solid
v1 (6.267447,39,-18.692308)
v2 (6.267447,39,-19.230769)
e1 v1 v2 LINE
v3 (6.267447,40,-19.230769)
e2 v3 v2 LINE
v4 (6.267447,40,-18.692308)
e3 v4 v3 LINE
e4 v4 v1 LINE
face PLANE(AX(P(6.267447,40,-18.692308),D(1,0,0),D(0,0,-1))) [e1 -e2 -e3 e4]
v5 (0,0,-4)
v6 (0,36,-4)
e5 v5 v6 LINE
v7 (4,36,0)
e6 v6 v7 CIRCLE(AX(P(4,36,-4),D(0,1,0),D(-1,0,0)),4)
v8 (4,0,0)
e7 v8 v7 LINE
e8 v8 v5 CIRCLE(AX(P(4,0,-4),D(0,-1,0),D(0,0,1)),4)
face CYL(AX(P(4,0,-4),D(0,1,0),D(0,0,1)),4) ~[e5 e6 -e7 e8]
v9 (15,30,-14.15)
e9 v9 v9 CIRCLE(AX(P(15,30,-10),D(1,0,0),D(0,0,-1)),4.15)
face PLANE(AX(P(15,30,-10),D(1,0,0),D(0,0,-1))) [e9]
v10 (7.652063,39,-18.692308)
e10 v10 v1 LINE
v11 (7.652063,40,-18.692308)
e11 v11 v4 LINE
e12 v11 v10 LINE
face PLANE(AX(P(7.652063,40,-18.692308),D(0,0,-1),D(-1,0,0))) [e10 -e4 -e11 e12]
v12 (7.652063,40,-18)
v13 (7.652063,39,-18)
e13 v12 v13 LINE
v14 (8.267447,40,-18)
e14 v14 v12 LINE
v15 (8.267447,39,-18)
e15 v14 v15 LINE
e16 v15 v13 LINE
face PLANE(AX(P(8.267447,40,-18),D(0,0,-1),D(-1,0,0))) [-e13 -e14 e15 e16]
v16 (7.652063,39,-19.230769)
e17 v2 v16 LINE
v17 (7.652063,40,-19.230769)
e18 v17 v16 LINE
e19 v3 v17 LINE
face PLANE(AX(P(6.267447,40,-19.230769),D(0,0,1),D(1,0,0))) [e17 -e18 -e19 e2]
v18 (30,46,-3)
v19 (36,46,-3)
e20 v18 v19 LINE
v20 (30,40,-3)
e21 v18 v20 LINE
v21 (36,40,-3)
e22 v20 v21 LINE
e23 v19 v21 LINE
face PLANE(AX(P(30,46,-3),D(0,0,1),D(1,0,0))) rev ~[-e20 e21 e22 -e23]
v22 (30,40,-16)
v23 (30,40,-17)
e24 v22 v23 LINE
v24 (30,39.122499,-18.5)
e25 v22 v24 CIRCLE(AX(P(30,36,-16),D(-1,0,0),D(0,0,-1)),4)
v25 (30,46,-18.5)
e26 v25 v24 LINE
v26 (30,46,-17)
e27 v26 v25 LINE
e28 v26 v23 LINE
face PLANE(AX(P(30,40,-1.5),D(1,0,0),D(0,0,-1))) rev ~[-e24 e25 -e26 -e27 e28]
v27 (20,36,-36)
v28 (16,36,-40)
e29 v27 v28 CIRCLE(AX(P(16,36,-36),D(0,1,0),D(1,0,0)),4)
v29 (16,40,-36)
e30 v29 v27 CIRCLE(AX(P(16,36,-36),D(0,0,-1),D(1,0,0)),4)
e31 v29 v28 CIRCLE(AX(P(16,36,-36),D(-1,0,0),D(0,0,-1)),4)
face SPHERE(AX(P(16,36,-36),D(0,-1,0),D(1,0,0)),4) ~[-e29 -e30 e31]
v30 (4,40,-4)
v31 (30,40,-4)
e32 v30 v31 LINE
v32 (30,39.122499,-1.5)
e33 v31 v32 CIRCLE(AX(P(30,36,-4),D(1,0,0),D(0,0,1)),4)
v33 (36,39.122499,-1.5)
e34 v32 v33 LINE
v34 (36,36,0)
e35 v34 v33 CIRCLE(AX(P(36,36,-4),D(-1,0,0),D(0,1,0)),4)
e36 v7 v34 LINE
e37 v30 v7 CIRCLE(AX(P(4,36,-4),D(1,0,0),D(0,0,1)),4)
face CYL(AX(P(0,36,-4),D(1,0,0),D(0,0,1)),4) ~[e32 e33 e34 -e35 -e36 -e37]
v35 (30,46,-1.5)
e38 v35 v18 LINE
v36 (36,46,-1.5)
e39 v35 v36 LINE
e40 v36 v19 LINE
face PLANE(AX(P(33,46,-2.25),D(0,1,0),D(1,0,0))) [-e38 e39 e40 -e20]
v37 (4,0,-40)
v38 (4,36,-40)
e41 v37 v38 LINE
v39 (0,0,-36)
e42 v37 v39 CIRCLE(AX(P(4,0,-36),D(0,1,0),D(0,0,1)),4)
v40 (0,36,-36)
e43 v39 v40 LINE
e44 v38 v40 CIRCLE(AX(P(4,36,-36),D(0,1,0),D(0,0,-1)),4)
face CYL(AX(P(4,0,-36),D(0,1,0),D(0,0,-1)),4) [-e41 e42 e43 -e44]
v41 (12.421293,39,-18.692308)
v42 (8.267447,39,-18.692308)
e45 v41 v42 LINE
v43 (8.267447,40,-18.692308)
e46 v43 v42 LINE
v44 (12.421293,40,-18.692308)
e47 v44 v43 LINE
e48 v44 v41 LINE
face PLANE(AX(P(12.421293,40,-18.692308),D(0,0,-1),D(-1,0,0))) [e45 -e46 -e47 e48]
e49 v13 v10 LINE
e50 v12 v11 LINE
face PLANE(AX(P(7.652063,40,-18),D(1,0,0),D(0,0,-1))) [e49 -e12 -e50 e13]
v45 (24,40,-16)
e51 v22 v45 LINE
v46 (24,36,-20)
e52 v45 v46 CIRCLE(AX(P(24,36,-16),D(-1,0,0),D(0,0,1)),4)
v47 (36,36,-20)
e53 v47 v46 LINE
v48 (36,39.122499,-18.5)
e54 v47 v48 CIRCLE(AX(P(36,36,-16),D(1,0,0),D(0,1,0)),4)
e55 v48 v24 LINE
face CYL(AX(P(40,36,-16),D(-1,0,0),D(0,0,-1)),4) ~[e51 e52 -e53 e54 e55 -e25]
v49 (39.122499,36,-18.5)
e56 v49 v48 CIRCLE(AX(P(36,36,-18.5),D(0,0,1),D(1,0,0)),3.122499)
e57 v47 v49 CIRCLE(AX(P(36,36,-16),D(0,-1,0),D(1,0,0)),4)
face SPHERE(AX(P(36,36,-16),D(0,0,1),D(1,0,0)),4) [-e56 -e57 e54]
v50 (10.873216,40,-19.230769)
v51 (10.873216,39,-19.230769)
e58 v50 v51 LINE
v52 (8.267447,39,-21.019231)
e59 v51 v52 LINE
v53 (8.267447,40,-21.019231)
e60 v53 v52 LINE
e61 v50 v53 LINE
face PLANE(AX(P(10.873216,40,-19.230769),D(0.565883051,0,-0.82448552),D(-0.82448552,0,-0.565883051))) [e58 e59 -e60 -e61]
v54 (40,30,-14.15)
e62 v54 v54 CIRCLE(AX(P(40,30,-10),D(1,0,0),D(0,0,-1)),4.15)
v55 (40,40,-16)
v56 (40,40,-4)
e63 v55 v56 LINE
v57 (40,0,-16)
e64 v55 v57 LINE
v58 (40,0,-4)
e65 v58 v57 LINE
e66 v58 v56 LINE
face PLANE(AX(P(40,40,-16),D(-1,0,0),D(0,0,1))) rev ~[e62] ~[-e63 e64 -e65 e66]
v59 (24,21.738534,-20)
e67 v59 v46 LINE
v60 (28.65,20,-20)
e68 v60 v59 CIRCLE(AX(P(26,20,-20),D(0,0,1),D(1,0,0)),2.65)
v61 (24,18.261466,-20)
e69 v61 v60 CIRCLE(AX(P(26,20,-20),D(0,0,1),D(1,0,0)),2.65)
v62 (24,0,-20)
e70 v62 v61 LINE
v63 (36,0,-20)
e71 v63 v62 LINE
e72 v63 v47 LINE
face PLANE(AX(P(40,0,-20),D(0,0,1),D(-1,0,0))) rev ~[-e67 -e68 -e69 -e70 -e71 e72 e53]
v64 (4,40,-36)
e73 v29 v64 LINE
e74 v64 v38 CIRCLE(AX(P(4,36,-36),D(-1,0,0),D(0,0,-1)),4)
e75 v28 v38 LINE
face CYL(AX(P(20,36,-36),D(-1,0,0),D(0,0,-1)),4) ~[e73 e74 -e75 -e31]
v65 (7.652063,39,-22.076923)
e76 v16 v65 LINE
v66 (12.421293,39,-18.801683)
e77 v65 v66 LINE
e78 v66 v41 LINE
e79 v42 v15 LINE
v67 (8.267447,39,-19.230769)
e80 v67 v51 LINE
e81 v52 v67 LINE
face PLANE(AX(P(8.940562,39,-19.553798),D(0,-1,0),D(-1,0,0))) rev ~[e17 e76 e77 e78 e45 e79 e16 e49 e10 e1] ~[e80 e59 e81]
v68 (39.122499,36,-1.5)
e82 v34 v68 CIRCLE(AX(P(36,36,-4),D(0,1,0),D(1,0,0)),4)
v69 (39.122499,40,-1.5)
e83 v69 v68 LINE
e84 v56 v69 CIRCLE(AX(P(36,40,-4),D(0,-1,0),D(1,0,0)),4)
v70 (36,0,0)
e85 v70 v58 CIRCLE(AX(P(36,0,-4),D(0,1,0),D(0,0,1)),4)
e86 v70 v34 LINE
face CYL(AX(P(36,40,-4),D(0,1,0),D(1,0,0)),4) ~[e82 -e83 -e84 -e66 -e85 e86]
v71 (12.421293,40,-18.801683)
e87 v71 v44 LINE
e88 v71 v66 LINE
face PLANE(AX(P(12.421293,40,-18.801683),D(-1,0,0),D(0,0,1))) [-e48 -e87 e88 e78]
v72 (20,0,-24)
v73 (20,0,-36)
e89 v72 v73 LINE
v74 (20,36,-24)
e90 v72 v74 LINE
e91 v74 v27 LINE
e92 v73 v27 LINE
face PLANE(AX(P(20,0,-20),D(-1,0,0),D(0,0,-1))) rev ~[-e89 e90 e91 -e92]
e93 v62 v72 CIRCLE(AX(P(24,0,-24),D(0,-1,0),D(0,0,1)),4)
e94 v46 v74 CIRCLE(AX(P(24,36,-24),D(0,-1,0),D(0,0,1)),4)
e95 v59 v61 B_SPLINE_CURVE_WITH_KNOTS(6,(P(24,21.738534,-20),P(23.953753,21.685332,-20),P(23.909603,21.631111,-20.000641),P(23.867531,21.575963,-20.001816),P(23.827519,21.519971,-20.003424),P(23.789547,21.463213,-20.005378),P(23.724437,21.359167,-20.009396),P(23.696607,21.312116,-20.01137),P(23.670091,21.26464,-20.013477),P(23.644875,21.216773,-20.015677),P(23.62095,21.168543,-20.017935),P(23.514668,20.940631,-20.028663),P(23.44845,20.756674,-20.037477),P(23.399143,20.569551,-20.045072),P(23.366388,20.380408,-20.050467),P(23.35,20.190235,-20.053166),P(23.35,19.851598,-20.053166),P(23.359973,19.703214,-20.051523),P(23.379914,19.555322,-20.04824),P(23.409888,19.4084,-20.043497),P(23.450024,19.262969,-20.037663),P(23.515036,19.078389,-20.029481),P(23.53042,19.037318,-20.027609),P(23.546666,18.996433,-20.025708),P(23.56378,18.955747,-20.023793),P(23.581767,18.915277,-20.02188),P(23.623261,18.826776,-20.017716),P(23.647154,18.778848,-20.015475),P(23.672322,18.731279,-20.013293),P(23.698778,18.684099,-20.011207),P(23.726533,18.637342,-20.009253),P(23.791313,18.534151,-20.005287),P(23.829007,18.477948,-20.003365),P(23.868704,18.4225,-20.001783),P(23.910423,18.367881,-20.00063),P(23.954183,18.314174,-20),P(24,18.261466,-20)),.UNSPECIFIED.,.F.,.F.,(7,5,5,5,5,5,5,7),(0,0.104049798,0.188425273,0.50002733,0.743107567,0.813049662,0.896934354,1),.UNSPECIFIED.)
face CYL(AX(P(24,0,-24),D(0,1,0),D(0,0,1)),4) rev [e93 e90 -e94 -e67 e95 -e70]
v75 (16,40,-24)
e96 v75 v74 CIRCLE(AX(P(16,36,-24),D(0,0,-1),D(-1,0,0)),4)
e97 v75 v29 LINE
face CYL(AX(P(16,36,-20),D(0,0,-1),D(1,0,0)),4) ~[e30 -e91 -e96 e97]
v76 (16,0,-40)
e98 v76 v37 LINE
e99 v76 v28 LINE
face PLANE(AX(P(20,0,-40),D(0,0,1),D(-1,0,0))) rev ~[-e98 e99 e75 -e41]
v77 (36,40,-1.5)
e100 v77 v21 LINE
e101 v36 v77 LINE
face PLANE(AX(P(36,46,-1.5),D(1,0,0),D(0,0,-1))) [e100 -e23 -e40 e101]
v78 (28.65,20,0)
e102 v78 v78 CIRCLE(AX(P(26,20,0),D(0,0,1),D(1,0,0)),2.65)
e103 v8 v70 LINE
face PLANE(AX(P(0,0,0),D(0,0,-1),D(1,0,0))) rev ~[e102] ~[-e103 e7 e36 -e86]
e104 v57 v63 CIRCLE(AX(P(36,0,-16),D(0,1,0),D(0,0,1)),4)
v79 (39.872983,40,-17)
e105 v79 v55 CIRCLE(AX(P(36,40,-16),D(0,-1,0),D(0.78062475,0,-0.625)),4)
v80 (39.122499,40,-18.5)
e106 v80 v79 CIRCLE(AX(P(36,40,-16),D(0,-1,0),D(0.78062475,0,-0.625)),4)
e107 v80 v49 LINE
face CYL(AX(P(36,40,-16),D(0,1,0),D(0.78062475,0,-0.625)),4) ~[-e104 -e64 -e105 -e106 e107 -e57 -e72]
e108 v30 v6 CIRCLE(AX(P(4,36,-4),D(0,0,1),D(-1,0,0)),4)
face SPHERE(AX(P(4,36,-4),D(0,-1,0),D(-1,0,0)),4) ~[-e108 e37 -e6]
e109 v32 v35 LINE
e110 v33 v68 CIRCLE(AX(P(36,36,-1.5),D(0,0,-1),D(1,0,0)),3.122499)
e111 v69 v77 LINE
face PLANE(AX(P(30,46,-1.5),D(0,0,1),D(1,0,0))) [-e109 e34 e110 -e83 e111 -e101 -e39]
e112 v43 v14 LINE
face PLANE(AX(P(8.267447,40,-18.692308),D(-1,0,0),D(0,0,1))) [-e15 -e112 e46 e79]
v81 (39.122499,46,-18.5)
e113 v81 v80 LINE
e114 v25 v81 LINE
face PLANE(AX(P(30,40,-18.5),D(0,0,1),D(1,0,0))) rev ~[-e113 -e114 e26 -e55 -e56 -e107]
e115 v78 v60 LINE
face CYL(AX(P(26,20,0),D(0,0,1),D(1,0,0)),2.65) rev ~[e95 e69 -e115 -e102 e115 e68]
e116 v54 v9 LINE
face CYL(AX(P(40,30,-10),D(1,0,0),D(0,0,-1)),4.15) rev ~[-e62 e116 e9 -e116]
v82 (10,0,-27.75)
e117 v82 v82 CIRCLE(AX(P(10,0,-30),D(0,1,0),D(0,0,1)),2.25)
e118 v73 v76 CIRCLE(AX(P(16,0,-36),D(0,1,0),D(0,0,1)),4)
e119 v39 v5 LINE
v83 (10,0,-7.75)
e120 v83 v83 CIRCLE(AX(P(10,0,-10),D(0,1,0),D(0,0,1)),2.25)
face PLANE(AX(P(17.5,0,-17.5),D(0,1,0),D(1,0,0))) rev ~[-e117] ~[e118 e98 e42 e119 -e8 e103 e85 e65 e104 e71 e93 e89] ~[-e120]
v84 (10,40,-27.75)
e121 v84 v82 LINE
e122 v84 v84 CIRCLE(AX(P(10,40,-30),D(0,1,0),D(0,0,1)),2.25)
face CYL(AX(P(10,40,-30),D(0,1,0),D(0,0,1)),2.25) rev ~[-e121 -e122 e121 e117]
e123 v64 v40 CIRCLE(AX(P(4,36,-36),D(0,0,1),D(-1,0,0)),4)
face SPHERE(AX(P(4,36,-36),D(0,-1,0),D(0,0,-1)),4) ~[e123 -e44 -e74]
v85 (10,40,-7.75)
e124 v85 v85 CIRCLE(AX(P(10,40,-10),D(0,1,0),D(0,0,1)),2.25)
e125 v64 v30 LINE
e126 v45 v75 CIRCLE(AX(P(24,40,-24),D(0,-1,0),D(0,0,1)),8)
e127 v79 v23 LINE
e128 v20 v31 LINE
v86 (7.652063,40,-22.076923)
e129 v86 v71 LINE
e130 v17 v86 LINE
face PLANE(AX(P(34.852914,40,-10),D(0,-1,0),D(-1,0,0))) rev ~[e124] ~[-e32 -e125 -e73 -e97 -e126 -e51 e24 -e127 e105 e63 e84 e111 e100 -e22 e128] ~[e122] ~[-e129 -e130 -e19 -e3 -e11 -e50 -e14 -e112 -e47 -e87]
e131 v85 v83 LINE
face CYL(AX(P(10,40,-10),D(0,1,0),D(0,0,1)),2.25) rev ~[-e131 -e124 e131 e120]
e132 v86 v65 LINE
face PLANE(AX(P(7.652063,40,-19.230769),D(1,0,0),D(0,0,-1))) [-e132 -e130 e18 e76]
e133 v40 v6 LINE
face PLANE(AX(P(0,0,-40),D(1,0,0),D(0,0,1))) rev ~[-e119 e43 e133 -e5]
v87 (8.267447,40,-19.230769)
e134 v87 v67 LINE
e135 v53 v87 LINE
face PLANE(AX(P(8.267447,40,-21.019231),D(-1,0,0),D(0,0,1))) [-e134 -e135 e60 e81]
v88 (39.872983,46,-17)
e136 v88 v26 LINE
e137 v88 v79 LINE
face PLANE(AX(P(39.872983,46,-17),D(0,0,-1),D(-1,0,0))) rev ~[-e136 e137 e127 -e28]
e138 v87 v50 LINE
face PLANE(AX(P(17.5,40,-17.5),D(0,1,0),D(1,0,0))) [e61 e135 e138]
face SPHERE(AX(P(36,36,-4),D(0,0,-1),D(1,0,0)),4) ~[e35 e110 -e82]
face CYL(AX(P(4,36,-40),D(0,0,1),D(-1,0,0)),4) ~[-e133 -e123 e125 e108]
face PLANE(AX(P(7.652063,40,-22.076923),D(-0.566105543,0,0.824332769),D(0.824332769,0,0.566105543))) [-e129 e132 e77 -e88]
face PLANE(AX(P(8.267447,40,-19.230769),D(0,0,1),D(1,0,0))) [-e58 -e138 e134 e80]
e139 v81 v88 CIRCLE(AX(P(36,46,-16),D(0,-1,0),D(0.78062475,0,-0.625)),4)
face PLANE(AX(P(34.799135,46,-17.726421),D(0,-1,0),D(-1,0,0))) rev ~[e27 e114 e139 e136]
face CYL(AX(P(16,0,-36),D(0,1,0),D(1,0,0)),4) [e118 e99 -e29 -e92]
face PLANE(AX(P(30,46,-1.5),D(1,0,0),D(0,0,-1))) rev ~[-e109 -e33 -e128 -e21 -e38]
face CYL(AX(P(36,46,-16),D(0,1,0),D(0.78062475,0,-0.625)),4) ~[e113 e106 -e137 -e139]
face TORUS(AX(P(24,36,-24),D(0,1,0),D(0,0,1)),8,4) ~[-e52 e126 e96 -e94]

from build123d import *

# Parameters (mm, degrees)
SALIENTE_EXTRUIR1_DEPTH = 40
REDONDEO3_R             = 4
CROQUIS4_R              = 2.25
CORTAR_EXTRUIR3_DEPTH   = 70.282032303
CROQUIS5_R              = 4.15
CORTAR_EXTRUIR4_DEPTH   = 25
CORTAR_EXTRUIR6_DEPTH   = 1
CROQUIS9_R              = 2.65
CORTAR_EXTRUIR7_DEPTH   = 24
SALIENTE_EXTRUIR2_DEPTH = 5
SALIENTE_EXTRUIR3_START = 6
CROQUIS12_W             = 6
CROQUIS12_H             = 1.5
SALIENTE_EXTRUIR3_DEPTH = 6


with BuildPart() as part:
    # Croquis1 → Saliente-Extruir1 (new body)
    with BuildSketch(Plane(origin=(0, 0, 0), x_dir=(1, 0, 0), z_dir=(0, 1, 0))):
        Polygon((0, 0), (40, 0), (40, 20), (20, 20), (20, 40), (0, 40), align=None)
    extrude(amount=SALIENTE_EXTRUIR1_DEPTH)

    # Redondeo3
    redondeo3_edges = [part.edges().sort_by_distance(p)[0] for p in [
        (40, 40, -10),
        (0, 20, -40),
        (20, 20, -40),
        (20, 20, -20),
        (40, 20, -20),
        (40, 20, 0),
        (0, 20, 0),
        (30, 40, -20),
        (20, 40, -30),
        (10, 40, -40),
        (0, 40, -20),
        (20, 40, 0),
    ]]
    fillet(redondeo3_edges, radius=REDONDEO3_R)

    # Croquis4 → Cortar-Extruir3 (cut, through all)
    with BuildSketch(Plane(origin=(0, 40, 0), x_dir=(1, 0, 0), z_dir=(0, 1, 0))):
        with Locations(Location((10, 30, 0), (0, 0, 270))):
            Circle(CROQUIS4_R)
        with Locations(Location((10, 10, 0), (0, 0, 270))):
            Circle(CROQUIS4_R)
    extrude(amount=-CORTAR_EXTRUIR3_DEPTH, mode=Mode.SUBTRACT)

    # Croquis5 → Cortar-Extruir4 (cut)
    with BuildSketch(Plane(origin=(40, 0, 0), x_dir=(0, 0, -1), z_dir=(1, 0, 0))):
        with Locations((10, 30)):
            Circle(CROQUIS5_R)
    extrude(amount=-CORTAR_EXTRUIR4_DEPTH, mode=Mode.SUBTRACT)

    # Croquis8 → Cortar-Extruir6 (cut)
    with BuildSketch(Plane(origin=(0, 40, 0), x_dir=(1, 0, 0), z_dir=(0, 1, 0))):
        Polygon((12.421293342, 18.801682692), (12.421293342, 18.692307692), (8.267447188, 18.692307692), (8.267447188, 18), (7.652062573, 18), (7.652062573, 18.692307692), (6.267447188, 18.692307692), (6.267447188, 19.230769231), (7.652062573, 19.230769231), (7.652062573, 22.076923077), align=None)
        Polygon((8.267447188, 19.230769231), (10.873216419, 19.230769231), (8.267447188, 21.019230769), align=None, mode=Mode.SUBTRACT)
    extrude(amount=-CORTAR_EXTRUIR6_DEPTH, mode=Mode.SUBTRACT)

    # Croquis9 → Cortar-Extruir7 (cut)
    with BuildSketch(Plane.XY):
        with Locations((26, 20)):
            Circle(CROQUIS9_R)
    extrude(amount=-CORTAR_EXTRUIR7_DEPTH, mode=Mode.SUBTRACT)

    # Croquis11 → Saliente-Extruir2 (add)
    with BuildSketch(Plane(origin=(0, 40, 0), x_dir=(1, 0, 0), z_dir=(0, 1, 0))):
        with BuildLine():
            Line((30, 18.5), (39.122498999, 18.5))
            ThreePointArc((39.122498999, 18.5), (39.774254628, 17.324764885), (40, 16))
            Line((40, 16), (40, 4))
            ThreePointArc((40, 4), (39.774254628, 2.675235115), (39.122498999, 1.5))
            Line((39.122498999, 1.5), (30, 1.5))
            Line((30, 1.5), (30, 18.5))
        make_face()
    extrude(amount=-SALIENTE_EXTRUIR2_DEPTH)

    # Croquis12 → Saliente-Extruir3 (add)
    with BuildSketch(Plane(origin=(0, 40, 0), x_dir=(1, 0, 0), z_dir=(0, 1, 0)).offset(SALIENTE_EXTRUIR3_START)):
        with Locations((33, 2.25)):
            Rectangle(CROQUIS12_W, CROQUIS12_H)
        with BuildLine():
            Line((30, 18.5), (39.122498999, 18.5))
            ThreePointArc((39.122498999, 18.5), (39.57724661, 17.789778391), (39.872983346, 17))
            Line((39.872983346, 17), (30, 17))
            Line((30, 17), (30, 18.5))
        make_face()
    extrude(amount=-SALIENTE_EXTRUIR3_DEPTH)


solid = part.part
